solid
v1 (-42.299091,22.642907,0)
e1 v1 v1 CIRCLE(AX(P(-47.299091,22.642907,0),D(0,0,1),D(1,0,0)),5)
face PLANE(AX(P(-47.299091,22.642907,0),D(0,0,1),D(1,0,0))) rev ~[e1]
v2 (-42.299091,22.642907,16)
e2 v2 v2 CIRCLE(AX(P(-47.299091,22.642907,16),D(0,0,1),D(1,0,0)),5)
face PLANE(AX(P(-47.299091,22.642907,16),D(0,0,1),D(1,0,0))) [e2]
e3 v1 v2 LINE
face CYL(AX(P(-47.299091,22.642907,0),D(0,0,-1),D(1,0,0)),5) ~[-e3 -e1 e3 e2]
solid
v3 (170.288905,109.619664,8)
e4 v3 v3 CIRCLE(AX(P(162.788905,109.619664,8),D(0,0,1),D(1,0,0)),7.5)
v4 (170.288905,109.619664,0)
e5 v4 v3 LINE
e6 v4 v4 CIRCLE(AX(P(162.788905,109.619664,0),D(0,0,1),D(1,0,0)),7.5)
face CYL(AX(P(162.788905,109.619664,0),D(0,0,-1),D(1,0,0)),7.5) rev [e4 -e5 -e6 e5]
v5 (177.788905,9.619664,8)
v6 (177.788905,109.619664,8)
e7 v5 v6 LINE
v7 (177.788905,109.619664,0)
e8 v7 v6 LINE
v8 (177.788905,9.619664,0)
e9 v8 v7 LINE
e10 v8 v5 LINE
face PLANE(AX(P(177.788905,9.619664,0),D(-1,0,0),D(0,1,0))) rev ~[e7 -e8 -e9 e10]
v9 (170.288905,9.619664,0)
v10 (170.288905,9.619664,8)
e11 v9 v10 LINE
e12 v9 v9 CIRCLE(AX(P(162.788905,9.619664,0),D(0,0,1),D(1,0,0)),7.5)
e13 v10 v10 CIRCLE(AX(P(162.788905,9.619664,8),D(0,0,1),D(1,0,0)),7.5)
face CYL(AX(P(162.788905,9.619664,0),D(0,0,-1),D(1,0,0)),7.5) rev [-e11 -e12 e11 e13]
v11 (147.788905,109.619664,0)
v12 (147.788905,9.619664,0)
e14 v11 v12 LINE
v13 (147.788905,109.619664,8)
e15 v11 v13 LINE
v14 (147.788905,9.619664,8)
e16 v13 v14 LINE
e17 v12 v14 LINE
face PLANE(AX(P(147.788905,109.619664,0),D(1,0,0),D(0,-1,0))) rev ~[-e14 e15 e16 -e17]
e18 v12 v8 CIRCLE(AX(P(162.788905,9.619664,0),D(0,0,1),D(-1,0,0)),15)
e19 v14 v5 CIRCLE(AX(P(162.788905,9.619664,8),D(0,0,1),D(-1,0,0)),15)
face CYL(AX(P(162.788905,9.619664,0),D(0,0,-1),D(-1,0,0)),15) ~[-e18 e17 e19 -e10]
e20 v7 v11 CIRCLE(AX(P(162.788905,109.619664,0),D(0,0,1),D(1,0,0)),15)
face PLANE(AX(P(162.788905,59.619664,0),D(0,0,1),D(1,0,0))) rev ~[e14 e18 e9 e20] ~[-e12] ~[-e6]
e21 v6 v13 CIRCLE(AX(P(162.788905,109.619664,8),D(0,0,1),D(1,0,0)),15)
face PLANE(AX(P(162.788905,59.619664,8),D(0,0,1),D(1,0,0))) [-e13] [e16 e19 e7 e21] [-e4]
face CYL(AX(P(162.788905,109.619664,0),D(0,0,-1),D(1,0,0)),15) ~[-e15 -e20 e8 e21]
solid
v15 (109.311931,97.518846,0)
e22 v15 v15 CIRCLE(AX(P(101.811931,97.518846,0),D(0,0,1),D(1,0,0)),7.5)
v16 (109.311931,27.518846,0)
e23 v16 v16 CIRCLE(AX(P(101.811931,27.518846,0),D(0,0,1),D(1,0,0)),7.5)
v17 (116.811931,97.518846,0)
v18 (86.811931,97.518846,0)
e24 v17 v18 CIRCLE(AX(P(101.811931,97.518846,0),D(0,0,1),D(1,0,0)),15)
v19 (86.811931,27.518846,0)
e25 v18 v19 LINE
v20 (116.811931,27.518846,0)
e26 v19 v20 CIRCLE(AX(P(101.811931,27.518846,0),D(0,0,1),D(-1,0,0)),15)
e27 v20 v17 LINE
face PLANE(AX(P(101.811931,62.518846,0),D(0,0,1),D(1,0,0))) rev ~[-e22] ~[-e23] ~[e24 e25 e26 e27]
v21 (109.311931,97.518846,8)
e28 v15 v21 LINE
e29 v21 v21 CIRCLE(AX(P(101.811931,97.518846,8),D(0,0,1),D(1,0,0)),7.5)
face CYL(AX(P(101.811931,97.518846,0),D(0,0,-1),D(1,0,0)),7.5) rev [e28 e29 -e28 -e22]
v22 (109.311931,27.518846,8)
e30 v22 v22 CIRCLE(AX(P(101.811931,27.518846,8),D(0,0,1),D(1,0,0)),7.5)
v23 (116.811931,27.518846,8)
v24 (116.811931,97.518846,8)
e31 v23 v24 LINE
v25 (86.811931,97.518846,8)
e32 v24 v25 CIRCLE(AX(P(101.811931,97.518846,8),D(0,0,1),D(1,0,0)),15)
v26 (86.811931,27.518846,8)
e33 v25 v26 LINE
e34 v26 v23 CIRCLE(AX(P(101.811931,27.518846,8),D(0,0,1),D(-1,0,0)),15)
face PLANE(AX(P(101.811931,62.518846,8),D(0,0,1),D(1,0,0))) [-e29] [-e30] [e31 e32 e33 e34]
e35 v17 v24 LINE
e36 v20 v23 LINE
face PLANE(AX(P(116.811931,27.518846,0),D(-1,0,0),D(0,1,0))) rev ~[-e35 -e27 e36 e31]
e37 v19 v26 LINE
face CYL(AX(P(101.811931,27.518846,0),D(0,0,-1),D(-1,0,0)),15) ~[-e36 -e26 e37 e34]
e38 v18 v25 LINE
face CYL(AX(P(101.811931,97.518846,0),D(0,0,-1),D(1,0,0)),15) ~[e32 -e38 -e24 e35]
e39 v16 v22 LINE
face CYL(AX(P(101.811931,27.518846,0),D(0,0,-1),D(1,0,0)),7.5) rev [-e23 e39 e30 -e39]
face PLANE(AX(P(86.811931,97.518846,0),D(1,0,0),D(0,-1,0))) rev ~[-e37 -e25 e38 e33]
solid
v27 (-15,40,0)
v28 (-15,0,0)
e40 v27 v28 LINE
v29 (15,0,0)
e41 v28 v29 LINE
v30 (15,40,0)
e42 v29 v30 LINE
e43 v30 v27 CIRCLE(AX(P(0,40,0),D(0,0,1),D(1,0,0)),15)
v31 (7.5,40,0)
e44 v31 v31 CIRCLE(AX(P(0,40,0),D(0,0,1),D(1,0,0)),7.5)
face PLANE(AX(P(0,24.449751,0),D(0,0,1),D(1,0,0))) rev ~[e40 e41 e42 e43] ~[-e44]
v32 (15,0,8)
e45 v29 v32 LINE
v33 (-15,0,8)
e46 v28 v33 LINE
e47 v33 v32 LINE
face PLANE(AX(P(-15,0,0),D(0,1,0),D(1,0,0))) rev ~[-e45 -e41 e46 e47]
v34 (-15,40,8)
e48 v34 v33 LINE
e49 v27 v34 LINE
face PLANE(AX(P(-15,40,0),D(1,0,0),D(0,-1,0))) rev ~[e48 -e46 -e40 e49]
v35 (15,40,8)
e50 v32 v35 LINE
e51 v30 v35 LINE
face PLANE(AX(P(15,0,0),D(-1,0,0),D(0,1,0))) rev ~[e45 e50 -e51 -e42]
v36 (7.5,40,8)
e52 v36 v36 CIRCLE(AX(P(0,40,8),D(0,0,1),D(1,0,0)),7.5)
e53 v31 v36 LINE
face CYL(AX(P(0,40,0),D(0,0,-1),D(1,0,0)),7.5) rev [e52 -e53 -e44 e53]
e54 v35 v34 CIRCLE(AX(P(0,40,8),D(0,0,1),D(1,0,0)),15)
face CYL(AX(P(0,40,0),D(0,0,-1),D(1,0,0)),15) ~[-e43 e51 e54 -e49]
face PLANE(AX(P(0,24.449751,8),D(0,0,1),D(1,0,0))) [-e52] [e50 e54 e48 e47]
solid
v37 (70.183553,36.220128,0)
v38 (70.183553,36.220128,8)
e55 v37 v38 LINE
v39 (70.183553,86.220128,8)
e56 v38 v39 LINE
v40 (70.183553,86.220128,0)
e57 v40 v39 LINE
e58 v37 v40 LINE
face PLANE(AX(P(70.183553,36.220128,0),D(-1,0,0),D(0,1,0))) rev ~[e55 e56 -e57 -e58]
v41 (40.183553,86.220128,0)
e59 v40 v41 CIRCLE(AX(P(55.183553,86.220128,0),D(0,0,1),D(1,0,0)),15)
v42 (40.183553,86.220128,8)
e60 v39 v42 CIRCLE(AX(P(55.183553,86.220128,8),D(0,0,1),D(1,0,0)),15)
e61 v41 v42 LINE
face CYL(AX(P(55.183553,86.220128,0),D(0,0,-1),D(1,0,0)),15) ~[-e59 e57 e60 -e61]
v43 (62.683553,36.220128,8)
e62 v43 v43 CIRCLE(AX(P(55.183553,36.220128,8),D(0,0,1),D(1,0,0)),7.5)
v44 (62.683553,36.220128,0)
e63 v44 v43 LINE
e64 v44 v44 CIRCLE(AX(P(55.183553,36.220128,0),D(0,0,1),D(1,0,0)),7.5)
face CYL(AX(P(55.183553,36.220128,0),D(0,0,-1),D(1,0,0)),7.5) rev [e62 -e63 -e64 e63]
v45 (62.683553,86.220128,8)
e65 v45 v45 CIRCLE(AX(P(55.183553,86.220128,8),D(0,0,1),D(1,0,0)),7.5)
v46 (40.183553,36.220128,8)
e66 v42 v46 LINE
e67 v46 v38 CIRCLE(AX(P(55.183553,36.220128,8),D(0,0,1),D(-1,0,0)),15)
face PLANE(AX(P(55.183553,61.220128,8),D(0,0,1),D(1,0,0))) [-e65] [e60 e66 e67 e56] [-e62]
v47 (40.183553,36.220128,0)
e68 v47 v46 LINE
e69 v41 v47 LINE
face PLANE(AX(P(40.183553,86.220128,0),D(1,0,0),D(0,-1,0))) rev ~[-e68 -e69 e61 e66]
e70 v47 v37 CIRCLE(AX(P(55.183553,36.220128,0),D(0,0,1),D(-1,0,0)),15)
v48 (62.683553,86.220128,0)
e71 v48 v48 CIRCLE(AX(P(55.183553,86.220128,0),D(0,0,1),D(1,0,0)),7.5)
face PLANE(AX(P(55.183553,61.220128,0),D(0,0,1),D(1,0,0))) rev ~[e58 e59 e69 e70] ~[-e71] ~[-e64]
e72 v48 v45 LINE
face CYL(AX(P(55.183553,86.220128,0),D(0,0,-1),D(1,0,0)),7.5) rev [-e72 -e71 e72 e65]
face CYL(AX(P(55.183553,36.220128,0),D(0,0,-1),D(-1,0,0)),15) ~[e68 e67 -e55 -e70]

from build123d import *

# Parameters (mm, degrees)
F0_R     = 7.5
F1_DEPTH = 8
F2_R     = 7.5
F3_DEPTH = 8
F4_R     = 7.5
F5_DEPTH = 8
F6_R     = 7.5
F7_DEPTH = 8
F8_R     = 5
F9_DEPTH = 16


with BuildPart() as f1:
    # F0 (on Top) → F1 (new body)
    with BuildSketch(Plane.XY):
        with BuildLine():
            Line((15, 0), (15, 40))
            ThreePointArc((15, 40), (0, 55), (-15, 40))
            Line((-15, 40), (-15, 0))
            Line((-15, 0), (15, 0))
        make_face()
        with Locations((0, 40)):
            Circle(F0_R, mode=Mode.SUBTRACT)
    extrude(amount=F1_DEPTH)


with BuildPart() as f3:
    # F2 (on Top) → F3 (new body)
    with BuildSketch(Plane.XY):
        with BuildLine():
            Line((70.183553, 36.220128), (70.183553, 86.220128))
            ThreePointArc((70.183553, 86.220128), (55.183553, 101.220128), (40.183553, 86.220128))
            Line((40.183553, 86.220128), (40.183553, 36.220128))
            ThreePointArc((40.183553, 36.220128), (55.183553, 21.220128), (70.183553, 36.220128))
        make_face()
        with Locations((55.183553, 36.220128)):
            Circle(F2_R, mode=Mode.SUBTRACT)
        with Locations((55.183553, 86.220128)):
            Circle(F2_R, mode=Mode.SUBTRACT)
    extrude(amount=F3_DEPTH)


with BuildPart() as f5:
    # F4 (on Top) → F5 (new body)
    with BuildSketch(Plane.XY):
        with BuildLine():
            Line((86.811931, 97.518846), (86.811931, 27.518846))
            ThreePointArc((86.811931, 27.518846), (101.811931, 12.518846), (116.811931, 27.518846))
            Line((116.811931, 27.518846), (116.811931, 97.518846))
            ThreePointArc((116.811931, 97.518846), (101.811931, 112.518846), (86.811931, 97.518846))
        make_face()
        with Locations((101.811931, 27.518846)):
            Circle(F4_R, mode=Mode.SUBTRACT)
        with Locations((101.811931, 97.518846)):
            Circle(F4_R, mode=Mode.SUBTRACT)
    extrude(amount=F5_DEPTH)


with BuildPart() as f7:
    # F6 (on Top) → F7 (new body)
    with BuildSketch(Plane.XY):
        with BuildLine():
            Line((177.788905, 9.619664), (177.788905, 109.619664))
            ThreePointArc((177.788905, 109.619664), (162.788905, 124.619664), (147.788905, 109.619664))
            Line((147.788905, 109.619664), (147.788905, 9.619664))
            ThreePointArc((147.788905, 9.619664), (162.788905, -5.380336), (177.788905, 9.619664))
        make_face()
        with Locations((162.788905, 9.619664)):
            Circle(F6_R, mode=Mode.SUBTRACT)
        with Locations((162.788905, 109.619664)):
            Circle(F6_R, mode=Mode.SUBTRACT)
    extrude(amount=F7_DEPTH)


with BuildPart() as f9:
    # F8 (on Top) → F9 (new body)
    with BuildSketch(Plane.XY):
        with Locations((-47.299091, 22.642907)):
            Circle(F8_R)
    extrude(amount=F9_DEPTH)


solid = Compound([f1.part, f3.part, f5.part, f7.part, f9.part])
